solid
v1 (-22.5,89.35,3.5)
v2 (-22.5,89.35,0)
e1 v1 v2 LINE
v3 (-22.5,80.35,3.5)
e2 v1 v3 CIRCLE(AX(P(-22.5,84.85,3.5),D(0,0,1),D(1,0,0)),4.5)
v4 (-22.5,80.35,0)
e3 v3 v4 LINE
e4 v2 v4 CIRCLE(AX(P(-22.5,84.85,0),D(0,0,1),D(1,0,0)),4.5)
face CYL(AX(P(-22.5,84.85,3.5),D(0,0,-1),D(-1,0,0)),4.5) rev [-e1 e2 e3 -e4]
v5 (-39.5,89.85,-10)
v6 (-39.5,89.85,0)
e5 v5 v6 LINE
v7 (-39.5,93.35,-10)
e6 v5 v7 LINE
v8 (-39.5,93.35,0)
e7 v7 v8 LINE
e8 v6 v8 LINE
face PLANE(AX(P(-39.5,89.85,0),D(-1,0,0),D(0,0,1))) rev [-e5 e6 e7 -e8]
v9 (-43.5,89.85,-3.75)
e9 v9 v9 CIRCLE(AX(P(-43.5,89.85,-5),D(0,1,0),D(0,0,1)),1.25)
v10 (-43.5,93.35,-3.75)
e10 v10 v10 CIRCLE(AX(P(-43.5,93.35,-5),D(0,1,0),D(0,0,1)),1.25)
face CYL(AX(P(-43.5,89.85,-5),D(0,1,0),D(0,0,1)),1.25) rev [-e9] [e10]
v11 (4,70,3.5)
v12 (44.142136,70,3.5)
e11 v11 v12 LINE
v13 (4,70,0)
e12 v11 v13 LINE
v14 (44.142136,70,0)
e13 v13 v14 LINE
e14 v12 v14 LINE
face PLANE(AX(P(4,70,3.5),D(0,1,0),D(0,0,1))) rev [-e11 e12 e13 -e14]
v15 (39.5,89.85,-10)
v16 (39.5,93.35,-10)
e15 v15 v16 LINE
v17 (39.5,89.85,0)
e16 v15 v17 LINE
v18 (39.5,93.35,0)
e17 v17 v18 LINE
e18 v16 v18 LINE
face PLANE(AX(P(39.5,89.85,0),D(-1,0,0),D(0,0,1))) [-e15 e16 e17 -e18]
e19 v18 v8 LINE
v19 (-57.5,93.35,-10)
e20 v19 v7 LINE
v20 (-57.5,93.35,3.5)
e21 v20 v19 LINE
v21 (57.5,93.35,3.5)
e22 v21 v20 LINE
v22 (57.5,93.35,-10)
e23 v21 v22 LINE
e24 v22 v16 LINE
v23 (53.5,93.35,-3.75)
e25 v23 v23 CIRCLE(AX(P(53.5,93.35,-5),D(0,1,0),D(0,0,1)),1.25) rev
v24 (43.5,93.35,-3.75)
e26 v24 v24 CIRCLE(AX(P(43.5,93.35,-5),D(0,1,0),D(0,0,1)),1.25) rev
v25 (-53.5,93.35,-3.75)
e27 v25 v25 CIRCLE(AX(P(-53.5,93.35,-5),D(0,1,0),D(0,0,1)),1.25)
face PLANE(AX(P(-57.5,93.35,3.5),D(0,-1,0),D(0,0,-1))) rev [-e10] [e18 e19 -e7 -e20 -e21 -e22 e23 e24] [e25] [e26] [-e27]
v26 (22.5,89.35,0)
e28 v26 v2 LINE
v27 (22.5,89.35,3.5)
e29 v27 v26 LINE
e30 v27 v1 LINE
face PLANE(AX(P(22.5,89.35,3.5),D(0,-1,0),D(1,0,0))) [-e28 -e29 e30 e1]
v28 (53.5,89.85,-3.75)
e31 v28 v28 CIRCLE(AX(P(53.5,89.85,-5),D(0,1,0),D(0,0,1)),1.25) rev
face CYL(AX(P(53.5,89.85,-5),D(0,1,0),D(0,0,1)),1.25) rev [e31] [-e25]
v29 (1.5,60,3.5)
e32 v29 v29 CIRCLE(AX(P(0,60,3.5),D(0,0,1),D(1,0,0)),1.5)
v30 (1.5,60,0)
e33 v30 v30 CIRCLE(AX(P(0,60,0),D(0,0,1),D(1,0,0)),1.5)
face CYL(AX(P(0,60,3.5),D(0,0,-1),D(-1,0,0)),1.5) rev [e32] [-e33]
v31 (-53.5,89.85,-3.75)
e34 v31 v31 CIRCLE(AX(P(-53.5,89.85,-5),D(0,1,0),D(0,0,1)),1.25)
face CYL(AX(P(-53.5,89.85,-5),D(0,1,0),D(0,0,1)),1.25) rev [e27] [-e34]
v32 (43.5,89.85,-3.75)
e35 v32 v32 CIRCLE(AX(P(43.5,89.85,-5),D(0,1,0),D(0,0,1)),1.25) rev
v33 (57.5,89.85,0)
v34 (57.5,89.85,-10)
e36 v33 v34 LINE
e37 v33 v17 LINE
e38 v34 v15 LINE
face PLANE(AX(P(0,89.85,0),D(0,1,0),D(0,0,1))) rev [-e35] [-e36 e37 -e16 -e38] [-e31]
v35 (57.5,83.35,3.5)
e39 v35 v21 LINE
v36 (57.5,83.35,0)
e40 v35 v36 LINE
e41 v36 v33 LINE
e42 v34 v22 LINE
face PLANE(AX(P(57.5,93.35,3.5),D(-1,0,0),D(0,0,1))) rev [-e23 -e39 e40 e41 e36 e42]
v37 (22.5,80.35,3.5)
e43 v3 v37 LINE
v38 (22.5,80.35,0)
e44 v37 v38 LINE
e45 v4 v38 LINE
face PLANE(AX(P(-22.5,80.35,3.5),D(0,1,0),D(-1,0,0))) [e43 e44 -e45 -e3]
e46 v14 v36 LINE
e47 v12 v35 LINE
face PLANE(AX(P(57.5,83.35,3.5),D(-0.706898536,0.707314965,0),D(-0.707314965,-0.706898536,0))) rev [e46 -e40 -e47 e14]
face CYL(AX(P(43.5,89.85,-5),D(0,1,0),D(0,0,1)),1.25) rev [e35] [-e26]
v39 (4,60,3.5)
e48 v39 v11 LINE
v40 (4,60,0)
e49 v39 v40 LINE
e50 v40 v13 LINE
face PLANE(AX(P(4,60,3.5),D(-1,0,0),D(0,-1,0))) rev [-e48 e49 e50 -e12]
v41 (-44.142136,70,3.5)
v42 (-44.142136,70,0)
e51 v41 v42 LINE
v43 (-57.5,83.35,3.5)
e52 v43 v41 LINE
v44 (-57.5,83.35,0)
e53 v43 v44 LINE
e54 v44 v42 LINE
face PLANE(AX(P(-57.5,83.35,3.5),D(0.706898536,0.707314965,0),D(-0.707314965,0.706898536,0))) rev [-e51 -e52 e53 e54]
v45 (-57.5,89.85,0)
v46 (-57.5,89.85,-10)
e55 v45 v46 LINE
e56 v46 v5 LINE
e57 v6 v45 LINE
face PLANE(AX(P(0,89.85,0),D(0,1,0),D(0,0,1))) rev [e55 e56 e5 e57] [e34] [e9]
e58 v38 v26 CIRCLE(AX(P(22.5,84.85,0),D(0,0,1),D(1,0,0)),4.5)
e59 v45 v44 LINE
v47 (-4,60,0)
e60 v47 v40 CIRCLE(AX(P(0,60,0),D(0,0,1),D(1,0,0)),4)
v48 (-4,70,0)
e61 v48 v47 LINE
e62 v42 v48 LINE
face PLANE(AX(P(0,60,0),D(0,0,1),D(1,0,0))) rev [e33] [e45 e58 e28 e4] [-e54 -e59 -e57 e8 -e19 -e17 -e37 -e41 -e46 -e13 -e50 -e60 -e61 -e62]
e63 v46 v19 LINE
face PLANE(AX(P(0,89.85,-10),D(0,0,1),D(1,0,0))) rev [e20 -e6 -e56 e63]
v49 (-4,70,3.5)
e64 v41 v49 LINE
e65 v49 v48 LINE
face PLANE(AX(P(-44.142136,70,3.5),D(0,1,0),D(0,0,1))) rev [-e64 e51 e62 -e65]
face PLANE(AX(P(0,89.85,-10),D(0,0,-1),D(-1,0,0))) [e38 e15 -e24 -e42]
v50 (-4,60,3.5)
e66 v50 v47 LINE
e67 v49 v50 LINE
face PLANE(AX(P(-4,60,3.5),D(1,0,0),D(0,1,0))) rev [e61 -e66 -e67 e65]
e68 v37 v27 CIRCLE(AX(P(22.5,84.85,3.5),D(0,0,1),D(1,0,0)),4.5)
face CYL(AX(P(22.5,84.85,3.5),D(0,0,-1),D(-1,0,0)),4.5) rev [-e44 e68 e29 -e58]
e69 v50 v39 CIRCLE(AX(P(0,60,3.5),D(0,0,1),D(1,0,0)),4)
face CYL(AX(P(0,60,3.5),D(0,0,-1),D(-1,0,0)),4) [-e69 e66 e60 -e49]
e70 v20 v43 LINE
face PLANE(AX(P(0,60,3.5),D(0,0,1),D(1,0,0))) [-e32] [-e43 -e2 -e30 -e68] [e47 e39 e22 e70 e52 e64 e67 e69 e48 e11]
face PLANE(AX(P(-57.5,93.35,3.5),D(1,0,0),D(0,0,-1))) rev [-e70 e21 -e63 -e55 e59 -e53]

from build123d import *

# Parameters (mm, degrees)
SKETCH7_R           = 1.5
BOSS_EXTRUDE1_DEPTH = 3.5
SKETCH10_W          = 18
SKETCH10_H          = 10
SKETCH10_R          = 1.25
BOSS_EXTRUDE3_DEPTH = 3.5


with BuildPart() as part:
    # Sketch7 → Boss-Extrude1 (new body)
    with BuildSketch(Plane.XY):
        with BuildLine():
            Line((-4, 60), (-4, 70))
            Line((-4, 70), (-44.142135624, 70))
            Line((-44.142135624, 70), (-57.5, 83.35))
            Line((-57.5, 83.35), (-57.5, 93.35))
            Line((-57.5, 93.35), (57.5, 93.35))
            Line((57.5, 93.35), (57.5, 83.35))
            Line((57.5, 83.35), (44.142135624, 70))
            Line((44.142135624, 70), (4, 70))
            Line((4, 70), (4, 60))
            ThreePointArc((4, 60), (0, 56), (-4, 60))
        make_face()
        with Locations((0, 60)):
            Circle(SKETCH7_R, mode=Mode.SUBTRACT)
        with BuildLine():
            Line((22.5, 89.35), (-22.5, 89.35))
            ThreePointArc((-22.5, 89.35), (-27, 84.85), (-22.5, 80.35))
            Line((-22.5, 80.35), (22.5, 80.35))
            ThreePointArc((22.5, 80.35), (27, 84.85), (22.5, 89.35))
        make_face(mode=Mode.SUBTRACT)
    extrude(amount=BOSS_EXTRUDE1_DEPTH)

    # Sketch10 → Boss-Extrude3 (add)
    with BuildSketch(Plane(origin=(0, 93.35, 0), x_dir=(1, 0, 0), z_dir=(0, 1, 0))):
        with Locations((-48.5, 5)):
            Rectangle(SKETCH10_W, SKETCH10_H)
        with Locations((-53.5, 5)):
            Circle(SKETCH10_R, mode=Mode.SUBTRACT)
        with Locations((-43.5, 5)):
            Circle(SKETCH10_R, mode=Mode.SUBTRACT)
        with Locations((48.5, 5)):
            Rectangle(SKETCH10_W, SKETCH10_H)
        with Locations((43.5, 5)):
            Circle(SKETCH10_R, mode=Mode.SUBTRACT)
        with Locations((53.5, 5)):
            Circle(SKETCH10_R, mode=Mode.SUBTRACT)
    extrude(amount=-BOSS_EXTRUDE3_DEPTH)


solid = part.part
